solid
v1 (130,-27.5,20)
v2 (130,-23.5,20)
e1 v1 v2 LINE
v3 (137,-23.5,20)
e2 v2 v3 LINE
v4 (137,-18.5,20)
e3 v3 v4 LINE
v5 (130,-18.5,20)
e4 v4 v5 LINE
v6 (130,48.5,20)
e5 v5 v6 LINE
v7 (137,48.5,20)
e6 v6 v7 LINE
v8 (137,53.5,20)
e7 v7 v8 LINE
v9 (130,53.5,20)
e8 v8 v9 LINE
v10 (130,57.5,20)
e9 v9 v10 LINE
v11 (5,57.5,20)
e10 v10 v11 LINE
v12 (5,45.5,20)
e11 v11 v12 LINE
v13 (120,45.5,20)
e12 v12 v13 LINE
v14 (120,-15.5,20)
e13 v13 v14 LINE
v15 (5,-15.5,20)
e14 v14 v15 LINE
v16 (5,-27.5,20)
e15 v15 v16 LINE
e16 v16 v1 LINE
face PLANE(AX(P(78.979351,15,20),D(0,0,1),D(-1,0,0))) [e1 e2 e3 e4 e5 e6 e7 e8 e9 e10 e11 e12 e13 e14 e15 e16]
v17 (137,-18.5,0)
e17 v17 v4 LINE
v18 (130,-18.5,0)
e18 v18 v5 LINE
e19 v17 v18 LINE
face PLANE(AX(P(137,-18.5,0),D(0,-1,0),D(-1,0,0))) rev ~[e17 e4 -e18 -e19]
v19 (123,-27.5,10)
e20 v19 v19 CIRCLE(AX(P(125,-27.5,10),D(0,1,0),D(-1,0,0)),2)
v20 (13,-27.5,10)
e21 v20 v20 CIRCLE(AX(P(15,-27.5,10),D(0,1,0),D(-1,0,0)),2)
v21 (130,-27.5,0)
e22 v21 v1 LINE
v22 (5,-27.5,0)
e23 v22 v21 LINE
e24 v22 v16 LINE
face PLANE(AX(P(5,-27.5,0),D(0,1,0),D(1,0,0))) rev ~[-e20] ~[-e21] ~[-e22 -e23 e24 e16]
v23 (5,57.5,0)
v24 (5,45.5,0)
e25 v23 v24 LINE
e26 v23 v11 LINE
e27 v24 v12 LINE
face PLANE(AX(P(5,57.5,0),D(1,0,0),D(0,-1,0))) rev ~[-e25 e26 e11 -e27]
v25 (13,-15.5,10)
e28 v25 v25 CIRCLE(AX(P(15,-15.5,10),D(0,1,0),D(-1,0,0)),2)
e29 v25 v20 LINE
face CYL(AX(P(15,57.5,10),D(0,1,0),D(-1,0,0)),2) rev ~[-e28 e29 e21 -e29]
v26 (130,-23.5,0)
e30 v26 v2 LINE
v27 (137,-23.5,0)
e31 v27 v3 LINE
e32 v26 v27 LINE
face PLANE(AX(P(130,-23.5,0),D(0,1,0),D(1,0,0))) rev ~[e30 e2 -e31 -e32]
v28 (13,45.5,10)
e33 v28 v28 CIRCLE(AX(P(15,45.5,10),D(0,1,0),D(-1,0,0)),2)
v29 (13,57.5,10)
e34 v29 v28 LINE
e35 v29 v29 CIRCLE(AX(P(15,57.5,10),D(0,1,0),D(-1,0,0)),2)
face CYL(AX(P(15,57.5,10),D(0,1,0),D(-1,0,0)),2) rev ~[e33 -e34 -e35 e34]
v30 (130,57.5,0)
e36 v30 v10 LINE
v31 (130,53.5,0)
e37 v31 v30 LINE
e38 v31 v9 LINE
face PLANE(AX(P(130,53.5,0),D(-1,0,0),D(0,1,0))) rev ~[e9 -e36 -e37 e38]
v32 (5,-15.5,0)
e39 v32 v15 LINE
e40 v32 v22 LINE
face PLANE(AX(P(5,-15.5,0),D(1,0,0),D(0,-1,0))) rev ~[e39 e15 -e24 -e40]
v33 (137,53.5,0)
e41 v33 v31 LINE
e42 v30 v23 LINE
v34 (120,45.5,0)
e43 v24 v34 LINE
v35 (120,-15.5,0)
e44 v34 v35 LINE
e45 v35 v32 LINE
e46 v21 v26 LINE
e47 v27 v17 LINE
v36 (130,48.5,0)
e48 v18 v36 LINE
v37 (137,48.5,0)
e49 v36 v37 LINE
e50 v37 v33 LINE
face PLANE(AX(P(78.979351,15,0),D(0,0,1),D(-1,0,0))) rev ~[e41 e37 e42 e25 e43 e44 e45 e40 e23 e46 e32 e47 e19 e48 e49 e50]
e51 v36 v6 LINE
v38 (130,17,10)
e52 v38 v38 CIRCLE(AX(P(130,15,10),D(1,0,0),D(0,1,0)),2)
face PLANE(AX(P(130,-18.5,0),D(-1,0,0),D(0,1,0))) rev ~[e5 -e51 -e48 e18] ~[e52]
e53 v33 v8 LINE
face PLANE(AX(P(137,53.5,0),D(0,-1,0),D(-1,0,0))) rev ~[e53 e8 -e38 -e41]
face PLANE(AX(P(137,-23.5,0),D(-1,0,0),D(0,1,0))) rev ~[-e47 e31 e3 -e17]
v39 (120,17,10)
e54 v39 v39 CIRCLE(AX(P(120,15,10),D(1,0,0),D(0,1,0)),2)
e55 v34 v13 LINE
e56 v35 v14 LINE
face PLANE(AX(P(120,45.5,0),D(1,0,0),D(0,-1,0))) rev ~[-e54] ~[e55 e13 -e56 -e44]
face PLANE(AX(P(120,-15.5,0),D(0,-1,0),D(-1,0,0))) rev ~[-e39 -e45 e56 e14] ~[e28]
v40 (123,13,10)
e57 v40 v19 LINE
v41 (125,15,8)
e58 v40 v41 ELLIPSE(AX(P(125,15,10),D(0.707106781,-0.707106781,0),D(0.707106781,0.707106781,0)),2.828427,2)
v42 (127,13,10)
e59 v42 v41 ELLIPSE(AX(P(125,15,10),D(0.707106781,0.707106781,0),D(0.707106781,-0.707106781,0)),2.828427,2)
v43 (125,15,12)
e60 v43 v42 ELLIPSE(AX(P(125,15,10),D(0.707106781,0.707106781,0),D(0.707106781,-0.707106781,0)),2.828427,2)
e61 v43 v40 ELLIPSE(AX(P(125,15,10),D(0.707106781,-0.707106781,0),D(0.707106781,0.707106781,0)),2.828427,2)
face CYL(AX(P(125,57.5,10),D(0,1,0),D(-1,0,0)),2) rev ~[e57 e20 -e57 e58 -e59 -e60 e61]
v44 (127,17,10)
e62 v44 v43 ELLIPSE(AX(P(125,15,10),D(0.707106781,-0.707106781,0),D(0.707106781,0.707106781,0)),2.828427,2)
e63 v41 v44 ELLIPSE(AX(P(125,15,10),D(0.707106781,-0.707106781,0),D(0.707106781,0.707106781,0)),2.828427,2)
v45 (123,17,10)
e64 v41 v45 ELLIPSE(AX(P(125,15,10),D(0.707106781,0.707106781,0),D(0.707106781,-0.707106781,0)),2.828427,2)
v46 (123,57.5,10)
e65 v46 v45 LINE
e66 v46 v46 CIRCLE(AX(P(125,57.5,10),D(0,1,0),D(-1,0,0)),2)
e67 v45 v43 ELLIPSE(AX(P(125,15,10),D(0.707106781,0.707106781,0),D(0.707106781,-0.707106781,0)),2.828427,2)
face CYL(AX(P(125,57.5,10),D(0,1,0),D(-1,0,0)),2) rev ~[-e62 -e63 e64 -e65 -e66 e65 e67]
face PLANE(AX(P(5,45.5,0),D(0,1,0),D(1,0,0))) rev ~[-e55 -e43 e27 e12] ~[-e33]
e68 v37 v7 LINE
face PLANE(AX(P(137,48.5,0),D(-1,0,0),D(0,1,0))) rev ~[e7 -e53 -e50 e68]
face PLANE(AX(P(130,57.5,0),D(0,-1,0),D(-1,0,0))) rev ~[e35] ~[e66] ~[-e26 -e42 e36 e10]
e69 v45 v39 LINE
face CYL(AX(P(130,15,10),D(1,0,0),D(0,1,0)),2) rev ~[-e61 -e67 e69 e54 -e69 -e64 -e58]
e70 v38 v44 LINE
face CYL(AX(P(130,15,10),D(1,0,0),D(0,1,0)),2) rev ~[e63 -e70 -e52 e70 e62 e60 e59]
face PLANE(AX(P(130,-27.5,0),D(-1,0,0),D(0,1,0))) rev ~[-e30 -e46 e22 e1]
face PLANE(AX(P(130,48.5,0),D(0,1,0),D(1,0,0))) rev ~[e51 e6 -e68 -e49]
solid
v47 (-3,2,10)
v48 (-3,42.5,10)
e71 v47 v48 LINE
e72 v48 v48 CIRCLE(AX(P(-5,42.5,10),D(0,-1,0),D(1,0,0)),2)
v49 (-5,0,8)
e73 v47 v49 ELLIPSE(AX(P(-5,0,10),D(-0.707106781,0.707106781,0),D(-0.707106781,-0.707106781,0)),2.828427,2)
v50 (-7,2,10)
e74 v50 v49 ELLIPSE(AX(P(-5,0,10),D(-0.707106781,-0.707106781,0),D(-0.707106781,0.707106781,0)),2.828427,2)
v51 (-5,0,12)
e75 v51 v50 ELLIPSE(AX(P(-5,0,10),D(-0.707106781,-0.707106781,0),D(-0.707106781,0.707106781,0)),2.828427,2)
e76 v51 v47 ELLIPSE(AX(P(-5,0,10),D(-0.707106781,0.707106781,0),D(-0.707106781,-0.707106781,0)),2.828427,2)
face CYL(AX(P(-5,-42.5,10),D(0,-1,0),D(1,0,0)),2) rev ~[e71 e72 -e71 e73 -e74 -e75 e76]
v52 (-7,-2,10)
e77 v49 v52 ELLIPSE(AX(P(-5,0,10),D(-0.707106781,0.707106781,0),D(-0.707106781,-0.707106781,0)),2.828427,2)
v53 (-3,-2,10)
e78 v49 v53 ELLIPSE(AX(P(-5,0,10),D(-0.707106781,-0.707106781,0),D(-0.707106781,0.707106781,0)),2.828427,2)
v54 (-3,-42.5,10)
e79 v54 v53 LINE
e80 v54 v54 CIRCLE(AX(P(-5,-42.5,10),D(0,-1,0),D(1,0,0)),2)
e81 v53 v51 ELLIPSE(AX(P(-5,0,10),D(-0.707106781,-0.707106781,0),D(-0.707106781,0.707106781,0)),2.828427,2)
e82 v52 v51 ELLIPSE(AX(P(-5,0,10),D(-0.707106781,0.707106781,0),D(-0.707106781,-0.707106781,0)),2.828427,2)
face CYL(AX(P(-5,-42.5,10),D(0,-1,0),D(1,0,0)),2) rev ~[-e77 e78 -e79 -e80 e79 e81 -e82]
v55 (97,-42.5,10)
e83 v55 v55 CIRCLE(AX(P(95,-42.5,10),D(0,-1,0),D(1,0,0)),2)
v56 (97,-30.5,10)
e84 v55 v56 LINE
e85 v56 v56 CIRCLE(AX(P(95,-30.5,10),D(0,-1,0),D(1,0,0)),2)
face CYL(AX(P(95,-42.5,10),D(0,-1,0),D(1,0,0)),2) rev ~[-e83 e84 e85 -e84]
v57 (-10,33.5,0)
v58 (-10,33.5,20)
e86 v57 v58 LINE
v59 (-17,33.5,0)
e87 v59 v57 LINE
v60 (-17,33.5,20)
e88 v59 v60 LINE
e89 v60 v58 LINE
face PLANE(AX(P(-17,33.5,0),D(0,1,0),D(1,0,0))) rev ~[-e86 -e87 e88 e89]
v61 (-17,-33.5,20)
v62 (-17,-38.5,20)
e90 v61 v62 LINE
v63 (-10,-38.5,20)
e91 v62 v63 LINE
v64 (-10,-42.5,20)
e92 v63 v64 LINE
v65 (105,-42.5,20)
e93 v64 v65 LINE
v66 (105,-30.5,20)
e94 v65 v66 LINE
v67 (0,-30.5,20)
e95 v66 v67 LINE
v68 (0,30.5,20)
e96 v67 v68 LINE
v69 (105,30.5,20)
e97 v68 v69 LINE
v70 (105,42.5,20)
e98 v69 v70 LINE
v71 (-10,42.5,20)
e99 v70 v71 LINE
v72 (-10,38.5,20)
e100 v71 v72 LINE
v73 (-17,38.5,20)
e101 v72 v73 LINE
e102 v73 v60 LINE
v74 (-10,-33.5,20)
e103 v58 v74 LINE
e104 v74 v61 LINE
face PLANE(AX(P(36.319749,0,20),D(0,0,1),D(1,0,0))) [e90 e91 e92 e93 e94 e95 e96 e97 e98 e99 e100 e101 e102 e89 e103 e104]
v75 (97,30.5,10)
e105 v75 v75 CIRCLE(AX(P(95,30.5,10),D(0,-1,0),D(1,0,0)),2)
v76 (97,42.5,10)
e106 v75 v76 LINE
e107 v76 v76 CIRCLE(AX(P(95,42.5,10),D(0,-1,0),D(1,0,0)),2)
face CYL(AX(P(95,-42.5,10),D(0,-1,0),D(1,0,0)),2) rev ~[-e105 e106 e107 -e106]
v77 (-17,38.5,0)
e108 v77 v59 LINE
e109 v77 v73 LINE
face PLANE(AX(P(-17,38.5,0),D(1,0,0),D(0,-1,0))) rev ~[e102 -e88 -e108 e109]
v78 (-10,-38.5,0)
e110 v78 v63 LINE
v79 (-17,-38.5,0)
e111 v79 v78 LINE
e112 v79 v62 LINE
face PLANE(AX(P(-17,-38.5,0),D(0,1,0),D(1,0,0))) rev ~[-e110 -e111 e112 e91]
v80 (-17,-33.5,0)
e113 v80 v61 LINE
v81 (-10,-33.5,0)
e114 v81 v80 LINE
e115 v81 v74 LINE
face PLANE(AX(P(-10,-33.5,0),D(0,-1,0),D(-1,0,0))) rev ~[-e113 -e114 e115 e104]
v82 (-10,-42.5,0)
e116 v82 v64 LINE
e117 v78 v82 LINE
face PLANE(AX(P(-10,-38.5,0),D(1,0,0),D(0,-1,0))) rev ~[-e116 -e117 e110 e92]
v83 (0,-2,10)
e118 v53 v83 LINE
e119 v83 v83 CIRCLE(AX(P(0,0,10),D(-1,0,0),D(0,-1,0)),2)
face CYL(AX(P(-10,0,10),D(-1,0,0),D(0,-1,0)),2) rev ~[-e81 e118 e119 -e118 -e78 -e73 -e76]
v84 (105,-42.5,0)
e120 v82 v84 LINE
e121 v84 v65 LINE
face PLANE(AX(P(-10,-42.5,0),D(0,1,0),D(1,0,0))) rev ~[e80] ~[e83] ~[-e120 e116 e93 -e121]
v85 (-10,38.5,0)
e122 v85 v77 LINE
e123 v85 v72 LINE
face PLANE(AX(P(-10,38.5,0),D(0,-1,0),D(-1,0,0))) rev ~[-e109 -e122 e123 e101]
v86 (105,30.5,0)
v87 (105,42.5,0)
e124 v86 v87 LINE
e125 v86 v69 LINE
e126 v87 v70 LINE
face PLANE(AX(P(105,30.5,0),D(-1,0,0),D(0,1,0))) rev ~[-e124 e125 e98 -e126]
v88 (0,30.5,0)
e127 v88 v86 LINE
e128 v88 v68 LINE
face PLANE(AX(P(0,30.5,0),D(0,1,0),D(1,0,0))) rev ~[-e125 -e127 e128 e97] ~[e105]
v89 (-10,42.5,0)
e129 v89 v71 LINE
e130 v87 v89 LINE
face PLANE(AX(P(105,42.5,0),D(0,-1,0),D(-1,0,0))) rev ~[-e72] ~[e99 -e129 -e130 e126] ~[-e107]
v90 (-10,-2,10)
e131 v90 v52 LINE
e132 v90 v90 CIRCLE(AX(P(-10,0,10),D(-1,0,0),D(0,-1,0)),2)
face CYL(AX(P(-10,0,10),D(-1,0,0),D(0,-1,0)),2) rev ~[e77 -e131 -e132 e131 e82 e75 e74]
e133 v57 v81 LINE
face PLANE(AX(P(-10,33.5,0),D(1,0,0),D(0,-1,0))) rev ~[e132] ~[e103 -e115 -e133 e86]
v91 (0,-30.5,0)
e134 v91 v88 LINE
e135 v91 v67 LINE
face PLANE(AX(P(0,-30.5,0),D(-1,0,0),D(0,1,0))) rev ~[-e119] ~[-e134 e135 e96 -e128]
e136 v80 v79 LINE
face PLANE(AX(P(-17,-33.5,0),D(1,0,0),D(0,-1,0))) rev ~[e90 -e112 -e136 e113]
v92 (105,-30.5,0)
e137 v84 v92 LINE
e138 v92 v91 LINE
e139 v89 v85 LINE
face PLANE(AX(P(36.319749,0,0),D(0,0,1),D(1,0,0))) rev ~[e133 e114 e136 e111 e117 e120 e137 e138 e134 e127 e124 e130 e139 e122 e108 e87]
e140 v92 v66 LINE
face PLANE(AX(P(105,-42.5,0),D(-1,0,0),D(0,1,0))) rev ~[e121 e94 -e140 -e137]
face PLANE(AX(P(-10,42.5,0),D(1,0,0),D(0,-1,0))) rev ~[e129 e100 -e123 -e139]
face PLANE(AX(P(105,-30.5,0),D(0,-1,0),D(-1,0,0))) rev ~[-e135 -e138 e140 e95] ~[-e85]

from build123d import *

# Parameters (mm, degrees)
PAD_DEPTH       = 20
SKETCH004_R     = 2
POCKET002_DEPTH = 115.001
SKETCH005_R     = 2
POCKET003_DEPTH = 85.001
PAD001_DEPTH    = 20
SKETCH007_R     = 2
POCKET004_DEPTH = 125.001
SKETCH008_R     = 2
POCKET005_DEPTH = 85.001


with BuildPart() as soporte_agujero_superior_lateral:
    # Sketch → Pad (new body)
    with BuildSketch(Plane.XY):
        Polygon((-10, -42.5), (105, -42.5), (105, -30.5), (0, -30.5), (0, 30.5), (105, 30.5), (105, 42.5), (-10, 42.5), (-10, 38.5), (-17, 38.5), (-17, 33.5), (-10, 33.5), (-10, -33.5), (-17, -33.5), (-17, -38.5), (-10, -38.5), align=None)
    extrude(amount=PAD_DEPTH)

    # Sketch004 → Pocket002 (cut, through all)
    with BuildSketch(Plane(origin=(-10, 0, 0), x_dir=(0, -1, 0), z_dir=(-1, 0, 0))):
        with Locations((0, 10)):
            Circle(SKETCH004_R)
    extrude(amount=-POCKET002_DEPTH, mode=Mode.SUBTRACT)

    # Sketch005 → Pocket003 (cut, through all)
    with BuildSketch(Plane.XZ.offset(42.5)):
        with Locations((-5, 10)):
            Circle(SKETCH005_R)
        with Locations((95, 10)):
            Circle(SKETCH005_R)
    extrude(amount=-POCKET003_DEPTH, mode=Mode.SUBTRACT)


with BuildPart() as soporte_agujero_superior_lateral001:
    # Sketch006 → Pad001 (new body)
    with BuildSketch(Plane(origin=(120, 15, 0), x_dir=(-1, 0, 0), z_dir=(0, 0, 1))):
        Polygon((-10, -42.5), (115, -42.5), (115, -30.5), (0, -30.5), (0, 30.5), (115, 30.5), (115, 42.5), (-10, 42.5), (-10, 38.5), (-17, 38.5), (-17, 33.5), (-10, 33.5), (-10, -33.5), (-17, -33.5), (-17, -38.5), (-10, -38.5), align=None)
    extrude(amount=PAD001_DEPTH)

    # Sketch007 → Pocket004 (cut, through all)
    with BuildSketch(Plane(origin=(130, 15, 0), x_dir=(0, 1, 0), z_dir=(1, 0, 0))):
        with Locations((0, 10)):
            Circle(SKETCH007_R)
    extrude(amount=-POCKET004_DEPTH, mode=Mode.SUBTRACT)

    # Sketch008 → Pocket005 (cut, through all)
    with BuildSketch(Plane(origin=(120, 57.5, 0), x_dir=(-1, 0, 0), z_dir=(0, 1, 0))):
        with Locations((-5, 10)):
            Circle(SKETCH008_R)
        with Locations((105, 10)):
            Circle(SKETCH008_R)
    extrude(amount=-POCKET005_DEPTH, mode=Mode.SUBTRACT)


solid = Compound([soporte_agujero_superior_lateral.part, soporte_agujero_superior_lateral001.part])
